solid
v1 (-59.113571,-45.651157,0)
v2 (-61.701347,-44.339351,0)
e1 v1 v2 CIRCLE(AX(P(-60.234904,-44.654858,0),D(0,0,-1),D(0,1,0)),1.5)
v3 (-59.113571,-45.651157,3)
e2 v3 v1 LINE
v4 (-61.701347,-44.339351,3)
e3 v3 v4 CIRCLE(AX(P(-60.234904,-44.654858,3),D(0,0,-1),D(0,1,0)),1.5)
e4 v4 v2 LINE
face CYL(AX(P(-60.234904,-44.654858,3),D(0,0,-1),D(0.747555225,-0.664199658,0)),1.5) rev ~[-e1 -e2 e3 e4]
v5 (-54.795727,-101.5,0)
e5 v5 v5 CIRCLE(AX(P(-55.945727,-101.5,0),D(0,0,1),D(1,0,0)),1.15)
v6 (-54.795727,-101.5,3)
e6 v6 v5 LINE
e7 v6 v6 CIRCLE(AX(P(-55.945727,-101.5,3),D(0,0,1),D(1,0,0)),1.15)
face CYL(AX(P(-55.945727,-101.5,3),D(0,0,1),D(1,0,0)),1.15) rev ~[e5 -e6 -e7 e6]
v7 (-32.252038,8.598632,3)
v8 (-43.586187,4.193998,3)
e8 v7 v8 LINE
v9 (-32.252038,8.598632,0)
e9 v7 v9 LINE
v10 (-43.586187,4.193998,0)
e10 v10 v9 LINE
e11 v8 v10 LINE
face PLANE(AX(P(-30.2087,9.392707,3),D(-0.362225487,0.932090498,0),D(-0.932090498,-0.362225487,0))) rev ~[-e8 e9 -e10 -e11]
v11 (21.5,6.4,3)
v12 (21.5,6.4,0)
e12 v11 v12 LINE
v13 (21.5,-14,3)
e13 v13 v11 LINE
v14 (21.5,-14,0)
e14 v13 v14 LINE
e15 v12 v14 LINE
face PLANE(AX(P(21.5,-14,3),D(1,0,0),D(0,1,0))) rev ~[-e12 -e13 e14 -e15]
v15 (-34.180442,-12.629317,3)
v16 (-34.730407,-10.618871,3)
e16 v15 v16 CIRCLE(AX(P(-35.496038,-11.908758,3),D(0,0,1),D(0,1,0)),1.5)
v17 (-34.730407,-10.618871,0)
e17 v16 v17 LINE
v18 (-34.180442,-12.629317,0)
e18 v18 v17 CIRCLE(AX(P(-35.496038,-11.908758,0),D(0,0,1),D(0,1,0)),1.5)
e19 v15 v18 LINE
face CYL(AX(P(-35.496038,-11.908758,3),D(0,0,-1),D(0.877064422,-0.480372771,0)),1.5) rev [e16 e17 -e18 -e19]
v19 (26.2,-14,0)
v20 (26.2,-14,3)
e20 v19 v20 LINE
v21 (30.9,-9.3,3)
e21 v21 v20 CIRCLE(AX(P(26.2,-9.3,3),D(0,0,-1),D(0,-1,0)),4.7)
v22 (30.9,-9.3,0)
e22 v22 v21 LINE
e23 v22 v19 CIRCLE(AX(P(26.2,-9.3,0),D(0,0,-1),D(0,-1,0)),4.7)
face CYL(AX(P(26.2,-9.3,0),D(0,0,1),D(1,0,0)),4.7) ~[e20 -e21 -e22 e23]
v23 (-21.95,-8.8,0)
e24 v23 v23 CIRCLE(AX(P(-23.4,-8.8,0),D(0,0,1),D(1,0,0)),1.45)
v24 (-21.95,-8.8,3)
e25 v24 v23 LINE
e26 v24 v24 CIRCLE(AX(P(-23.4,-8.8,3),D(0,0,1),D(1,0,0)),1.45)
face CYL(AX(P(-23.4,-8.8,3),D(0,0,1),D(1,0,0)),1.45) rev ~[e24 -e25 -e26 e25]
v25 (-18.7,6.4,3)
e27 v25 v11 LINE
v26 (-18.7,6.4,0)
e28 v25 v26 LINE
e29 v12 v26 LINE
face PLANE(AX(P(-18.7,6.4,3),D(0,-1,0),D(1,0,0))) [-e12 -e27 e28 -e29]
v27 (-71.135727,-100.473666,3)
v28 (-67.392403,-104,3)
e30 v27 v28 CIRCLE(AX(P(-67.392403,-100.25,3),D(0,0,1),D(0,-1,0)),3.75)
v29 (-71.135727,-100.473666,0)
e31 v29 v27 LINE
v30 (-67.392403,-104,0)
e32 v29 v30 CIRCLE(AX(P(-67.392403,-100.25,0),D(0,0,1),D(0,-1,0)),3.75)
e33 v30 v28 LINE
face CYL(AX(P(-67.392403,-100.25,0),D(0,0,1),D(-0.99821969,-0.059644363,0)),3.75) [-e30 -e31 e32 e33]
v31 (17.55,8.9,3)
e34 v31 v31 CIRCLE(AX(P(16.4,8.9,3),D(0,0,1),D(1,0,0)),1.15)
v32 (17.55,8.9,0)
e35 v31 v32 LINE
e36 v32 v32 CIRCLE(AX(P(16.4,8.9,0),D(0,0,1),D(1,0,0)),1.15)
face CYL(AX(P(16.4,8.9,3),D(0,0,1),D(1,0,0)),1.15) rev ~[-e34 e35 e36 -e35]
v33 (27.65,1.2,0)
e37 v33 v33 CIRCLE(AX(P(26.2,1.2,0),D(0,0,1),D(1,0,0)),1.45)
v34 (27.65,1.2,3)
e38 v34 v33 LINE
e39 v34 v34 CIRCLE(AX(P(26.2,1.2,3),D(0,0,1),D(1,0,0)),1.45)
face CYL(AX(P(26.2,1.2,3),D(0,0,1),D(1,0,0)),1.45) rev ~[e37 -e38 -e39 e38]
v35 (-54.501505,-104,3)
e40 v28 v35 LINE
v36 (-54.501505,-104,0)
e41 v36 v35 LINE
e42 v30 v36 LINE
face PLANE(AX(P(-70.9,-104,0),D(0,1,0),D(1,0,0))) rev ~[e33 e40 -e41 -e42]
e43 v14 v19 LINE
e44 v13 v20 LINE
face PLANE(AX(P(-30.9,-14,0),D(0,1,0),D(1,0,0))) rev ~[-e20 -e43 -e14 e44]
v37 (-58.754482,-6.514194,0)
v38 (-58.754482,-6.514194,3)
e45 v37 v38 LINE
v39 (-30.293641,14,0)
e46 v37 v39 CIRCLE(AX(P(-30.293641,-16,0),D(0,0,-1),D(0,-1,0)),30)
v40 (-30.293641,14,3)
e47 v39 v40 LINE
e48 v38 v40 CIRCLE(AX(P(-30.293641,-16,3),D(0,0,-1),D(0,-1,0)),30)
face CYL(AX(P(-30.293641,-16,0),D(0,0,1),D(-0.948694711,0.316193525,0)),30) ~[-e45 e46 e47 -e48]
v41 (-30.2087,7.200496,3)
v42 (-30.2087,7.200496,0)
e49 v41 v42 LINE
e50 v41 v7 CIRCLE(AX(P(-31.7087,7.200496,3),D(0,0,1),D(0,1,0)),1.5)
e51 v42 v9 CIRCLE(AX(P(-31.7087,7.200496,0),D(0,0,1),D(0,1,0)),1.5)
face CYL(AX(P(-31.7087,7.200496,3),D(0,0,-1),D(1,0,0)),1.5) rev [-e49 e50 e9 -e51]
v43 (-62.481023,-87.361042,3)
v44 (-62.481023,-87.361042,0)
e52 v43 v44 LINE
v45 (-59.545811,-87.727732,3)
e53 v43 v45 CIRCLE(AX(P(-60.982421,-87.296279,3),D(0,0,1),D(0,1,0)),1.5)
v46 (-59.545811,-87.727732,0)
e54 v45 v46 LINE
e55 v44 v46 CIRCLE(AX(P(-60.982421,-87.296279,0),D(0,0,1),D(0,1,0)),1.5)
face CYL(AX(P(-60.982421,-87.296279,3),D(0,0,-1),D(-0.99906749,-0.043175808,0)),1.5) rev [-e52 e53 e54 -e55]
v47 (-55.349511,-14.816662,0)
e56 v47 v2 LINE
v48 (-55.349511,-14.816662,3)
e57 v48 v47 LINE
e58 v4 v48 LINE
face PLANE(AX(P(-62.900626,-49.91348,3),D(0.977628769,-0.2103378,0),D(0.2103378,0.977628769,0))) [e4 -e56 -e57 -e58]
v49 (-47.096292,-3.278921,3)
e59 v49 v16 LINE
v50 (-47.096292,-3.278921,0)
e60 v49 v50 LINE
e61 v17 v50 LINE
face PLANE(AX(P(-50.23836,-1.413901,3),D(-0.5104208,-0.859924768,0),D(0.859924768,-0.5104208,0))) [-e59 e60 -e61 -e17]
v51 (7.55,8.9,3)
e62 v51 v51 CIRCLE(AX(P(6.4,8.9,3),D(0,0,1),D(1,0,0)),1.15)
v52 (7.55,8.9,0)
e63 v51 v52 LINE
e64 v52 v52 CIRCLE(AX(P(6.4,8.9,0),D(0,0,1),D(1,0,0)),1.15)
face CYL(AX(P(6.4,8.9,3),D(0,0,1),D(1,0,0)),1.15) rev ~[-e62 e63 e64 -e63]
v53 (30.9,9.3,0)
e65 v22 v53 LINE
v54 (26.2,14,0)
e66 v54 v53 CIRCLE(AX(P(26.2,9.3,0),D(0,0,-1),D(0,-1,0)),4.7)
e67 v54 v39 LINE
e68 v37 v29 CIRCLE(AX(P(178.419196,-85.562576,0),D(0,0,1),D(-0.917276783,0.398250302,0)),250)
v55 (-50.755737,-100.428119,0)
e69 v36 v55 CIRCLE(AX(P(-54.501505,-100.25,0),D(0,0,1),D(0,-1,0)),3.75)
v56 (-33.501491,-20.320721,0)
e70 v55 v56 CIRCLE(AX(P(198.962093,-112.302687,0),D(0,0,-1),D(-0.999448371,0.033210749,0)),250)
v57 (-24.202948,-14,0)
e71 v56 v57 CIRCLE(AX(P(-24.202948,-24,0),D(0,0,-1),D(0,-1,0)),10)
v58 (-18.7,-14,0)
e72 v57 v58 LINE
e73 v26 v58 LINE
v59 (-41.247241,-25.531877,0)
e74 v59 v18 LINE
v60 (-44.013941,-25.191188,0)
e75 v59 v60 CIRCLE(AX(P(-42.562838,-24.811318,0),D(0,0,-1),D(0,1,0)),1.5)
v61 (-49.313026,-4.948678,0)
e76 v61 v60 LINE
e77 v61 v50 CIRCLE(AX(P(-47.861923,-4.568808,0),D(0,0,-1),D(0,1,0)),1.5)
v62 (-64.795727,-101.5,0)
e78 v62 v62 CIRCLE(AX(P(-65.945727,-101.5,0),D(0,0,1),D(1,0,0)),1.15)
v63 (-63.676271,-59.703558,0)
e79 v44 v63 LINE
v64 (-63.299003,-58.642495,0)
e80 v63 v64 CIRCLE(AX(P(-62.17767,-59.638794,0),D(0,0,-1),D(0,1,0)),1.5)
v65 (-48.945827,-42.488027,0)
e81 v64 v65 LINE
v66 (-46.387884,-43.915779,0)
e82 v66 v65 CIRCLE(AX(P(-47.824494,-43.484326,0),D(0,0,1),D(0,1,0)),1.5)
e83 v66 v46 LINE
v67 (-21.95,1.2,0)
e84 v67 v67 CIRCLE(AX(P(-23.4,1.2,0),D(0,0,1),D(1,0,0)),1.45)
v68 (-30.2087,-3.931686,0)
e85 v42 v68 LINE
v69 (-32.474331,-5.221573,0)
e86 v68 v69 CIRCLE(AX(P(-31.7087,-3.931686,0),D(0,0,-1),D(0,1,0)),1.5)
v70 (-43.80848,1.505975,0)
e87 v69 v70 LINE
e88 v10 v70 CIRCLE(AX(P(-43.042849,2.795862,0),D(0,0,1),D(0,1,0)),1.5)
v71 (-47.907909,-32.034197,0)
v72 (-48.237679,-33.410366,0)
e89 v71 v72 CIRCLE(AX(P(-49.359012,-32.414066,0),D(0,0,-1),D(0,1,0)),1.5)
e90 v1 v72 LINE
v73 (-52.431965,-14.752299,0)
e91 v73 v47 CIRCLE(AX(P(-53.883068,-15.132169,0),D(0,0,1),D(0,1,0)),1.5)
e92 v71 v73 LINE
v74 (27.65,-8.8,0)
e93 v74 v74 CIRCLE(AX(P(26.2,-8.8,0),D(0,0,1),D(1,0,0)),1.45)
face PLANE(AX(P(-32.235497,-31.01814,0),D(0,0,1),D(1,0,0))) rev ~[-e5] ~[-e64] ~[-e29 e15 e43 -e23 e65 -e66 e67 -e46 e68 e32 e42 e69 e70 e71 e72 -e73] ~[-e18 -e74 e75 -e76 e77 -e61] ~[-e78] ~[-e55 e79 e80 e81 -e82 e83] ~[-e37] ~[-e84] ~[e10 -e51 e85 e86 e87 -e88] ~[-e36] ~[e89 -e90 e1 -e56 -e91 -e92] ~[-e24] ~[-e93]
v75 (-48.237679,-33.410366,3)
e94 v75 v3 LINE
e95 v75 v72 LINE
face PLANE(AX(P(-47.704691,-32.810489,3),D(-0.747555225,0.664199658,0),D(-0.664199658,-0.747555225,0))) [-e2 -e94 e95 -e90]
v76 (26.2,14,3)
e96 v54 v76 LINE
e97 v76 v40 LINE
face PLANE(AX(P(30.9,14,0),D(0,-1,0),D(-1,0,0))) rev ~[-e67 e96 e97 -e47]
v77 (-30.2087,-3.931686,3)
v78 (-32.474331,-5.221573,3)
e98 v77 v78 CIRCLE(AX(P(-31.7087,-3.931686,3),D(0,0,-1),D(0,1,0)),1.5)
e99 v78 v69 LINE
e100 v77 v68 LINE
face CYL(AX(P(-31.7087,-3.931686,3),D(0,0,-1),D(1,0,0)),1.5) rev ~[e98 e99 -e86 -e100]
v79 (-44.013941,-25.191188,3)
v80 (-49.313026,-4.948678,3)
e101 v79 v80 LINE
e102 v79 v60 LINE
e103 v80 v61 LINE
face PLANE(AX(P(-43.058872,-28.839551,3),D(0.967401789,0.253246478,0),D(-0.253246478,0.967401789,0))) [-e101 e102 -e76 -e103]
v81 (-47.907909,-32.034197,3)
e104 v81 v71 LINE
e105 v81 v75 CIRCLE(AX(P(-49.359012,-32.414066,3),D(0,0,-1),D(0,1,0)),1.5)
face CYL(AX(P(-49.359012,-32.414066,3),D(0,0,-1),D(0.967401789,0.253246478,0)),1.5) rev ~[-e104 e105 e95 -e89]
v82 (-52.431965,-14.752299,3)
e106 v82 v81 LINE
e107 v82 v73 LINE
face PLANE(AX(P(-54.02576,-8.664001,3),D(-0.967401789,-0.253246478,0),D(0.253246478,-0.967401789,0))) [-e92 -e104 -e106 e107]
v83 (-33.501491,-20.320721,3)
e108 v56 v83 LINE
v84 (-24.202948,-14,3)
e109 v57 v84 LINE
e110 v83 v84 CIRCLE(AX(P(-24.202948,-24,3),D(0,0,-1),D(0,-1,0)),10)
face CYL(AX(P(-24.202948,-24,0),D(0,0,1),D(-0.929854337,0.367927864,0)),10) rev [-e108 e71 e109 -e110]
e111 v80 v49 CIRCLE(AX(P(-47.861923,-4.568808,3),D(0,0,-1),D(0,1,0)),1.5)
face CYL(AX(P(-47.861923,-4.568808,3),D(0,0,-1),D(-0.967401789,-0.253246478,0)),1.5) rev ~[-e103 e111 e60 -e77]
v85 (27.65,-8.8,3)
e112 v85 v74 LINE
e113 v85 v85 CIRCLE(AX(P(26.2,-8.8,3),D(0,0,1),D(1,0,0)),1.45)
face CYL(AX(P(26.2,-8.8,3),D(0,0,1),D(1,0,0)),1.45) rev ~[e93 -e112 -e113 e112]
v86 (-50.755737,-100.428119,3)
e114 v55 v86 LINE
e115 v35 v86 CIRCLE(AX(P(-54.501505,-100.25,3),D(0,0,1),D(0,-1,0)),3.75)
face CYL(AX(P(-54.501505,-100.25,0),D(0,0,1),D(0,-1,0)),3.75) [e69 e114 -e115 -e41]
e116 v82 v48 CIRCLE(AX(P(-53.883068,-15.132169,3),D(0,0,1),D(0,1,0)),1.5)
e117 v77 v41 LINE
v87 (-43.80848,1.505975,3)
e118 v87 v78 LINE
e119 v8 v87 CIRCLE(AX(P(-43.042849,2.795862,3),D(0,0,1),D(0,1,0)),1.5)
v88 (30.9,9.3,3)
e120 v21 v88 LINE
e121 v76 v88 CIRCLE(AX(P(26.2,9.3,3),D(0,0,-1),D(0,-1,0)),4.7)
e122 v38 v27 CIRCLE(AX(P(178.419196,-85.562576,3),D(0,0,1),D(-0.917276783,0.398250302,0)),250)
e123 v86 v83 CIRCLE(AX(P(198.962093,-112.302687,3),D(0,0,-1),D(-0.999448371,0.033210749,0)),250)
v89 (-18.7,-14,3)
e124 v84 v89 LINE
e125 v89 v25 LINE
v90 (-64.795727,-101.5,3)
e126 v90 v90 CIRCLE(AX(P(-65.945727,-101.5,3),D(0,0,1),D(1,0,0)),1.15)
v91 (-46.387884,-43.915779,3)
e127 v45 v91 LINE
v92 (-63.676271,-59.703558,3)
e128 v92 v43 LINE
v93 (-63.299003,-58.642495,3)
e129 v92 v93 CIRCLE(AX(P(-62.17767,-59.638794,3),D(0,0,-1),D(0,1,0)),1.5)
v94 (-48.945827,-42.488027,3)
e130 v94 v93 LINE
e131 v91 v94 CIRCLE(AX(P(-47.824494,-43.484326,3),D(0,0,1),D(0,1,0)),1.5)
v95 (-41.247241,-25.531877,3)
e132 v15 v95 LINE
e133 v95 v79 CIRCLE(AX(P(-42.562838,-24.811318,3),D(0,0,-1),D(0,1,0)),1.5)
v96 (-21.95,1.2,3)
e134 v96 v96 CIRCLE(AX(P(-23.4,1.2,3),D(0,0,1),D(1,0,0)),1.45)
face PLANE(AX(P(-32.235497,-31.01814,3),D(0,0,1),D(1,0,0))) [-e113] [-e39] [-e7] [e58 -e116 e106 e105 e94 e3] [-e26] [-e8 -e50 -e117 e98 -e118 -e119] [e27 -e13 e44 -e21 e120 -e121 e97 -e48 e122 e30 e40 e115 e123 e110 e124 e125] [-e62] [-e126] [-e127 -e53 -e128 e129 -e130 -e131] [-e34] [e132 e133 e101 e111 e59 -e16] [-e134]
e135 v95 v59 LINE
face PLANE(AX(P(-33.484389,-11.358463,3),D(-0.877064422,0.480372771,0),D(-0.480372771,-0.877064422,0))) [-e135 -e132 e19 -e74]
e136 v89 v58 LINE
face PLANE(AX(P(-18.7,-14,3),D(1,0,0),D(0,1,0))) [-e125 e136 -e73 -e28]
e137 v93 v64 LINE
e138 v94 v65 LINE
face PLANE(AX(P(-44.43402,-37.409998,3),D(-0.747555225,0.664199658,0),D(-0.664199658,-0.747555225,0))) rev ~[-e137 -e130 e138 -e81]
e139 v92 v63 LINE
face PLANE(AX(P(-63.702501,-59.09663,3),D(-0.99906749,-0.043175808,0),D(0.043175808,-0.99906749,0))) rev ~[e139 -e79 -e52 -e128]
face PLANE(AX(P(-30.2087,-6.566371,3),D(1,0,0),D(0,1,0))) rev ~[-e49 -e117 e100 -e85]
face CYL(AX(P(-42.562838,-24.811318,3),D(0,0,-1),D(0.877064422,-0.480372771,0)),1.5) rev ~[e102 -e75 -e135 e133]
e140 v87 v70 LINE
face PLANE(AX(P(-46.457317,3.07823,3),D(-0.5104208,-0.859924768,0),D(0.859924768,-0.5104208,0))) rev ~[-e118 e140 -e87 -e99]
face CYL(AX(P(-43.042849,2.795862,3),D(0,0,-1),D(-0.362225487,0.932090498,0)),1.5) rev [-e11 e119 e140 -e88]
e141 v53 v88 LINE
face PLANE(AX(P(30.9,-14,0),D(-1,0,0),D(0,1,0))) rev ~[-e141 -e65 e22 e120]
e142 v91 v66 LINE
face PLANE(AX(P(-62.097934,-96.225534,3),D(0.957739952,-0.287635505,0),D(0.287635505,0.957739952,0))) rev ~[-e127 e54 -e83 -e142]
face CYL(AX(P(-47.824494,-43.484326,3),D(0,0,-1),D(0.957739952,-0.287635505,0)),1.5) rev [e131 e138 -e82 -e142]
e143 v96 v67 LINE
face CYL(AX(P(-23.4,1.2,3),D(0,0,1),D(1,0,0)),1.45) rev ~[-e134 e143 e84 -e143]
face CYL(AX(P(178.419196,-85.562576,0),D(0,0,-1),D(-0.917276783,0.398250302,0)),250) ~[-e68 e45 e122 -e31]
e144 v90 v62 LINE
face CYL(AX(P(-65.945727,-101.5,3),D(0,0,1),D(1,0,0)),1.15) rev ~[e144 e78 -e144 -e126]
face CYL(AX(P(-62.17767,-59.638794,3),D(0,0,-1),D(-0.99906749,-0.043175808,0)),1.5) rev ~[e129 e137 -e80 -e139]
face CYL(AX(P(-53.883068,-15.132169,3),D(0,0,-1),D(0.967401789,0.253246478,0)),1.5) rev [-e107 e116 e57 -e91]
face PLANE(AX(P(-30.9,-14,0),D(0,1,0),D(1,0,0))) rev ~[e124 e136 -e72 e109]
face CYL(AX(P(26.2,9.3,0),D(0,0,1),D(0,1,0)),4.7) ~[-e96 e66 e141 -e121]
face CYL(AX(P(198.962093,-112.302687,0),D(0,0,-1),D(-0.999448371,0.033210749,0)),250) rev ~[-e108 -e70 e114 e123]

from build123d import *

# Parameters (mm, degrees)
BOSS_EXTRU_1_DEPTH      = 3
ENL_V_MAT_EXTRU_1_REACH = 128.289
ESQUISSE2_W             = 40.2
ESQUISSE2_H             = 20.4
ENL_V_MAT_EXTRU_2_REACH = 128.289
ESQUISSE3_R             = 1.45
CONG_2_R                = 4.7
CONG_3_R                = 10
CONG_4_R                = 30
CONG_5_R                = 3.75
ENL_V_MAT_EXTRU_3_REACH = 128.289
CONG_6_R                = 1.5
ENL_V_MAT_EXTRU_4_REACH = 128.289
ESQUISSE5_R             = 1.15
ESQUISSE6_R             = 1.15
ENL_V_MAT_EXTRU_5_DEPTH = 10


with BuildPart() as part:
    # Esquisse1 → Boss.-Extru.1 (new body)
    with BuildSketch(Plane.XY):
        with BuildLine():
            Line((-30.9, 14), (-50.9, 14))
            ThreePointArc((-50.9, 14), (-68.065443638, -43.785518027), (-70.9, -104))
            Line((-70.9, -104), (-50.9, -104))
            ThreePointArc((-50.9, -104), (-45.084672315, -58.070072819), (-30.9, -14))
            Line((-30.9, -14), (30.9, -14))
            Line((30.9, -14), (30.9, 14))
            Line((30.9, 14), (-30.9, 14))
        make_face()
    extrude(amount=BOSS_EXTRU_1_DEPTH)

    # Esquisse2 → Enlèv. mat.-Extru.1 (cut, up to next)
    with BuildSketch(Plane.XY.offset(3), mode=Mode.PRIVATE) as enl_v_mat_extru_1_sk1:
        with Locations((1.4, -3.8)):
            Rectangle(ESQUISSE2_W, ESQUISSE2_H)
    enl_v_mat_extru_1_tool1 = extrude(enl_v_mat_extru_1_sk1.sketch, amount=-ENL_V_MAT_EXTRU_1_REACH, mode=Mode.PRIVATE) & part.part
    add(enl_v_mat_extru_1_tool1.solids().sort_by_distance((1.4, -3.8, 3))[0], mode=Mode.SUBTRACT)

    # Esquisse3 → Enlèv. mat.-Extru.2 (cut, up to next)
    with BuildSketch(Plane.XY.offset(3), mode=Mode.PRIVATE) as enl_v_mat_extru_2_sk1:
        with Locations((26.2, -8.8)):
            Circle(ESQUISSE3_R)
    enl_v_mat_extru_2_tool1 = extrude(enl_v_mat_extru_2_sk1.sketch, amount=-ENL_V_MAT_EXTRU_2_REACH, mode=Mode.PRIVATE) & part.part
    # Esquisse3 → Enlèv. mat.-Extru.2 (cut, up to next)
    with BuildSketch(Plane.XY.offset(3), mode=Mode.PRIVATE) as enl_v_mat_extru_2_sk2:
        with Locations((-23.4, -8.8)):
            Circle(ESQUISSE3_R)
    enl_v_mat_extru_2_tool2 = extrude(enl_v_mat_extru_2_sk2.sketch, amount=-ENL_V_MAT_EXTRU_2_REACH, mode=Mode.PRIVATE) & part.part
    # Esquisse3 → Enlèv. mat.-Extru.2 (cut, up to next)
    with BuildSketch(Plane.XY.offset(3), mode=Mode.PRIVATE) as enl_v_mat_extru_2_sk3:
        with Locations((-23.4, 1.2)):
            Circle(ESQUISSE3_R)
    enl_v_mat_extru_2_tool3 = extrude(enl_v_mat_extru_2_sk3.sketch, amount=-ENL_V_MAT_EXTRU_2_REACH, mode=Mode.PRIVATE) & part.part
    # Esquisse3 → Enlèv. mat.-Extru.2 (cut, up to next)
    with BuildSketch(Plane.XY.offset(3), mode=Mode.PRIVATE) as enl_v_mat_extru_2_sk4:
        with Locations((26.2, 1.2)):
            Circle(ESQUISSE3_R)
    enl_v_mat_extru_2_tool4 = extrude(enl_v_mat_extru_2_sk4.sketch, amount=-ENL_V_MAT_EXTRU_2_REACH, mode=Mode.PRIVATE) & part.part
    add(enl_v_mat_extru_2_tool1.solids().sort_by_distance((26.2, -8.8, 3))[0], mode=Mode.SUBTRACT)
    add(enl_v_mat_extru_2_tool2.solids().sort_by_distance((-23.4, -8.8, 3))[0], mode=Mode.SUBTRACT)
    add(enl_v_mat_extru_2_tool3.solids().sort_by_distance((-23.4, 1.2, 3))[0], mode=Mode.SUBTRACT)
    add(enl_v_mat_extru_2_tool4.solids().sort_by_distance((26.2, 1.2, 3))[0], mode=Mode.SUBTRACT)

    # Congé2
    cong_2_edges = [part.edges().sort_by_distance(p)[0] for p in [
        (30.9, -14, 1.5),
        (30.9, 14, 1.5),
    ]]
    fillet(cong_2_edges, radius=CONG_2_R)

    # Congé3
    cong_3_edges = [part.edges().sort_by_distance(p)[0] for p in [
        (-30.9, -14, 1.5),
    ]]
    fillet(cong_3_edges, radius=CONG_3_R)

    # Congé4
    cong_4_edges = [part.edges().sort_by_distance(p)[0] for p in [
        (-50.9, 14, 1.5),
    ]]
    fillet(cong_4_edges, radius=CONG_4_R)

    # Congé5
    cong_5_edges = [part.edges().sort_by_distance(p)[0] for p in [
        (-50.9, -104, 1.5),
        (-70.9, -104, 1.5),
    ]]
    fillet(cong_5_edges, radius=CONG_5_R)

    # Esquisse4 → Enlèv. mat.-Extru.3 (cut, up to next)
    with BuildSketch(Plane.XY.offset(3), mode=Mode.PRIVATE) as enl_v_mat_extru_3_sk1:
        Polygon((-33.484388558, -11.358463284), (-43.05887194, -28.83955138), (-50.238359759, -1.41390105), align=None)
    enl_v_mat_extru_3_tool1 = extrude(enl_v_mat_extru_3_sk1.sketch, amount=-ENL_V_MAT_EXTRU_3_REACH, mode=Mode.PRIVATE) & part.part
    # Esquisse4 → Enlèv. mat.-Extru.3 (cut, up to next)
    with BuildSketch(Plane.XY.offset(3), mode=Mode.PRIVATE) as enl_v_mat_extru_3_sk2:
        Polygon((-54.025759835, -8.664001443), (-47.704691317, -32.810489222), (-62.900626013, -49.913479621), align=None)
    enl_v_mat_extru_3_tool2 = extrude(enl_v_mat_extru_3_sk2.sketch, amount=-ENL_V_MAT_EXTRU_3_REACH, mode=Mode.PRIVATE) & part.part
    # Esquisse4 → Enlèv. mat.-Extru.3 (cut, up to next)
    with BuildSketch(Plane.XY.offset(3), mode=Mode.PRIVATE) as enl_v_mat_extru_3_sk3:
        Polygon((-44.434019708, -37.409998289), (-63.702500518, -59.0966302), (-62.097933842, -96.225533823), align=None)
    enl_v_mat_extru_3_tool3 = extrude(enl_v_mat_extru_3_sk3.sketch, amount=-ENL_V_MAT_EXTRU_3_REACH, mode=Mode.PRIVATE) & part.part
    # Esquisse4 → Enlèv. mat.-Extru.3 (cut, up to next)
    with BuildSketch(Plane.XY.offset(3), mode=Mode.PRIVATE) as enl_v_mat_extru_3_sk4:
        Polygon((-46.457316631, 3.078230456), (-30.208699652, -6.566371461), (-30.208699652, 9.392706582), align=None)
    enl_v_mat_extru_3_tool4 = extrude(enl_v_mat_extru_3_sk4.sketch, amount=-ENL_V_MAT_EXTRU_3_REACH, mode=Mode.PRIVATE) & part.part
    add(enl_v_mat_extru_3_tool1.solids().sort_by_distance((-42.26054, -13.870639, 3))[0], mode=Mode.SUBTRACT)
    add(enl_v_mat_extru_3_tool2.solids().sort_by_distance((-54.877026, -30.462657, 3))[0], mode=Mode.SUBTRACT)
    add(enl_v_mat_extru_3_tool3.solids().sort_by_distance((-56.744818, -64.244054, 3))[0], mode=Mode.SUBTRACT)
    add(enl_v_mat_extru_3_tool4.solids().sort_by_distance((-35.624905, 1.968189, 3))[0], mode=Mode.SUBTRACT)

    # Congé6
    cong_6_edges = [part.edges().sort_by_distance(p)[0] for p in [
        (-62.900626013, -49.913479621, 1.5),
        (-54.025759835, -8.664001443, 1.5),
        (-47.704691317, -32.810489222, 1.5),
        (-46.457316631, 3.078230456, 1.5),
        (-30.208699652, 9.392706582, 1.5),
        (-30.208699652, -6.566371461, 1.5),
        (-44.434019708, -37.409998289, 1.5),
        (-62.097933842, -96.225533823, 1.5),
        (-63.702500518, -59.0966302, 1.5),
        (-50.238359759, -1.41390105, 1.5),
        (-33.484388558, -11.358463284, 1.5),
        (-43.05887194, -28.83955138, 1.5),
    ]]
    fillet(cong_6_edges, radius=CONG_6_R)

    # Esquisse5 → Enlèv. mat.-Extru.4 (cut, up to next)
    with BuildSketch(Plane.XY.offset(3), mode=Mode.PRIVATE) as enl_v_mat_extru_4_sk1:
        with Locations((16.4, 8.9)):
            Circle(ESQUISSE5_R)
    enl_v_mat_extru_4_tool1 = extrude(enl_v_mat_extru_4_sk1.sketch, amount=-ENL_V_MAT_EXTRU_4_REACH, mode=Mode.PRIVATE) & part.part
    # Esquisse5 → Enlèv. mat.-Extru.4 (cut, up to next)
    with BuildSketch(Plane.XY.offset(3), mode=Mode.PRIVATE) as enl_v_mat_extru_4_sk2:
        with Locations((6.4, 8.9)):
            Circle(ESQUISSE5_R)
    enl_v_mat_extru_4_tool2 = extrude(enl_v_mat_extru_4_sk2.sketch, amount=-ENL_V_MAT_EXTRU_4_REACH, mode=Mode.PRIVATE) & part.part
    add(enl_v_mat_extru_4_tool1.solids().sort_by_distance((16.4, 8.9, 3))[0], mode=Mode.SUBTRACT)
    add(enl_v_mat_extru_4_tool2.solids().sort_by_distance((6.4, 8.9, 3))[0], mode=Mode.SUBTRACT)

    # Esquisse6 → Enlèv. mat.-Extru.5 (cut)
    with BuildSketch(Plane.XY.offset(3)):
        with Locations((-65.945726783, -101.5)):
            Circle(ESQUISSE6_R)
        with Locations((-55.945726783, -101.5)):
            Circle(ESQUISSE6_R)
    extrude(amount=-ENL_V_MAT_EXTRU_5_DEPTH, mode=Mode.SUBTRACT)


solid = part.part
